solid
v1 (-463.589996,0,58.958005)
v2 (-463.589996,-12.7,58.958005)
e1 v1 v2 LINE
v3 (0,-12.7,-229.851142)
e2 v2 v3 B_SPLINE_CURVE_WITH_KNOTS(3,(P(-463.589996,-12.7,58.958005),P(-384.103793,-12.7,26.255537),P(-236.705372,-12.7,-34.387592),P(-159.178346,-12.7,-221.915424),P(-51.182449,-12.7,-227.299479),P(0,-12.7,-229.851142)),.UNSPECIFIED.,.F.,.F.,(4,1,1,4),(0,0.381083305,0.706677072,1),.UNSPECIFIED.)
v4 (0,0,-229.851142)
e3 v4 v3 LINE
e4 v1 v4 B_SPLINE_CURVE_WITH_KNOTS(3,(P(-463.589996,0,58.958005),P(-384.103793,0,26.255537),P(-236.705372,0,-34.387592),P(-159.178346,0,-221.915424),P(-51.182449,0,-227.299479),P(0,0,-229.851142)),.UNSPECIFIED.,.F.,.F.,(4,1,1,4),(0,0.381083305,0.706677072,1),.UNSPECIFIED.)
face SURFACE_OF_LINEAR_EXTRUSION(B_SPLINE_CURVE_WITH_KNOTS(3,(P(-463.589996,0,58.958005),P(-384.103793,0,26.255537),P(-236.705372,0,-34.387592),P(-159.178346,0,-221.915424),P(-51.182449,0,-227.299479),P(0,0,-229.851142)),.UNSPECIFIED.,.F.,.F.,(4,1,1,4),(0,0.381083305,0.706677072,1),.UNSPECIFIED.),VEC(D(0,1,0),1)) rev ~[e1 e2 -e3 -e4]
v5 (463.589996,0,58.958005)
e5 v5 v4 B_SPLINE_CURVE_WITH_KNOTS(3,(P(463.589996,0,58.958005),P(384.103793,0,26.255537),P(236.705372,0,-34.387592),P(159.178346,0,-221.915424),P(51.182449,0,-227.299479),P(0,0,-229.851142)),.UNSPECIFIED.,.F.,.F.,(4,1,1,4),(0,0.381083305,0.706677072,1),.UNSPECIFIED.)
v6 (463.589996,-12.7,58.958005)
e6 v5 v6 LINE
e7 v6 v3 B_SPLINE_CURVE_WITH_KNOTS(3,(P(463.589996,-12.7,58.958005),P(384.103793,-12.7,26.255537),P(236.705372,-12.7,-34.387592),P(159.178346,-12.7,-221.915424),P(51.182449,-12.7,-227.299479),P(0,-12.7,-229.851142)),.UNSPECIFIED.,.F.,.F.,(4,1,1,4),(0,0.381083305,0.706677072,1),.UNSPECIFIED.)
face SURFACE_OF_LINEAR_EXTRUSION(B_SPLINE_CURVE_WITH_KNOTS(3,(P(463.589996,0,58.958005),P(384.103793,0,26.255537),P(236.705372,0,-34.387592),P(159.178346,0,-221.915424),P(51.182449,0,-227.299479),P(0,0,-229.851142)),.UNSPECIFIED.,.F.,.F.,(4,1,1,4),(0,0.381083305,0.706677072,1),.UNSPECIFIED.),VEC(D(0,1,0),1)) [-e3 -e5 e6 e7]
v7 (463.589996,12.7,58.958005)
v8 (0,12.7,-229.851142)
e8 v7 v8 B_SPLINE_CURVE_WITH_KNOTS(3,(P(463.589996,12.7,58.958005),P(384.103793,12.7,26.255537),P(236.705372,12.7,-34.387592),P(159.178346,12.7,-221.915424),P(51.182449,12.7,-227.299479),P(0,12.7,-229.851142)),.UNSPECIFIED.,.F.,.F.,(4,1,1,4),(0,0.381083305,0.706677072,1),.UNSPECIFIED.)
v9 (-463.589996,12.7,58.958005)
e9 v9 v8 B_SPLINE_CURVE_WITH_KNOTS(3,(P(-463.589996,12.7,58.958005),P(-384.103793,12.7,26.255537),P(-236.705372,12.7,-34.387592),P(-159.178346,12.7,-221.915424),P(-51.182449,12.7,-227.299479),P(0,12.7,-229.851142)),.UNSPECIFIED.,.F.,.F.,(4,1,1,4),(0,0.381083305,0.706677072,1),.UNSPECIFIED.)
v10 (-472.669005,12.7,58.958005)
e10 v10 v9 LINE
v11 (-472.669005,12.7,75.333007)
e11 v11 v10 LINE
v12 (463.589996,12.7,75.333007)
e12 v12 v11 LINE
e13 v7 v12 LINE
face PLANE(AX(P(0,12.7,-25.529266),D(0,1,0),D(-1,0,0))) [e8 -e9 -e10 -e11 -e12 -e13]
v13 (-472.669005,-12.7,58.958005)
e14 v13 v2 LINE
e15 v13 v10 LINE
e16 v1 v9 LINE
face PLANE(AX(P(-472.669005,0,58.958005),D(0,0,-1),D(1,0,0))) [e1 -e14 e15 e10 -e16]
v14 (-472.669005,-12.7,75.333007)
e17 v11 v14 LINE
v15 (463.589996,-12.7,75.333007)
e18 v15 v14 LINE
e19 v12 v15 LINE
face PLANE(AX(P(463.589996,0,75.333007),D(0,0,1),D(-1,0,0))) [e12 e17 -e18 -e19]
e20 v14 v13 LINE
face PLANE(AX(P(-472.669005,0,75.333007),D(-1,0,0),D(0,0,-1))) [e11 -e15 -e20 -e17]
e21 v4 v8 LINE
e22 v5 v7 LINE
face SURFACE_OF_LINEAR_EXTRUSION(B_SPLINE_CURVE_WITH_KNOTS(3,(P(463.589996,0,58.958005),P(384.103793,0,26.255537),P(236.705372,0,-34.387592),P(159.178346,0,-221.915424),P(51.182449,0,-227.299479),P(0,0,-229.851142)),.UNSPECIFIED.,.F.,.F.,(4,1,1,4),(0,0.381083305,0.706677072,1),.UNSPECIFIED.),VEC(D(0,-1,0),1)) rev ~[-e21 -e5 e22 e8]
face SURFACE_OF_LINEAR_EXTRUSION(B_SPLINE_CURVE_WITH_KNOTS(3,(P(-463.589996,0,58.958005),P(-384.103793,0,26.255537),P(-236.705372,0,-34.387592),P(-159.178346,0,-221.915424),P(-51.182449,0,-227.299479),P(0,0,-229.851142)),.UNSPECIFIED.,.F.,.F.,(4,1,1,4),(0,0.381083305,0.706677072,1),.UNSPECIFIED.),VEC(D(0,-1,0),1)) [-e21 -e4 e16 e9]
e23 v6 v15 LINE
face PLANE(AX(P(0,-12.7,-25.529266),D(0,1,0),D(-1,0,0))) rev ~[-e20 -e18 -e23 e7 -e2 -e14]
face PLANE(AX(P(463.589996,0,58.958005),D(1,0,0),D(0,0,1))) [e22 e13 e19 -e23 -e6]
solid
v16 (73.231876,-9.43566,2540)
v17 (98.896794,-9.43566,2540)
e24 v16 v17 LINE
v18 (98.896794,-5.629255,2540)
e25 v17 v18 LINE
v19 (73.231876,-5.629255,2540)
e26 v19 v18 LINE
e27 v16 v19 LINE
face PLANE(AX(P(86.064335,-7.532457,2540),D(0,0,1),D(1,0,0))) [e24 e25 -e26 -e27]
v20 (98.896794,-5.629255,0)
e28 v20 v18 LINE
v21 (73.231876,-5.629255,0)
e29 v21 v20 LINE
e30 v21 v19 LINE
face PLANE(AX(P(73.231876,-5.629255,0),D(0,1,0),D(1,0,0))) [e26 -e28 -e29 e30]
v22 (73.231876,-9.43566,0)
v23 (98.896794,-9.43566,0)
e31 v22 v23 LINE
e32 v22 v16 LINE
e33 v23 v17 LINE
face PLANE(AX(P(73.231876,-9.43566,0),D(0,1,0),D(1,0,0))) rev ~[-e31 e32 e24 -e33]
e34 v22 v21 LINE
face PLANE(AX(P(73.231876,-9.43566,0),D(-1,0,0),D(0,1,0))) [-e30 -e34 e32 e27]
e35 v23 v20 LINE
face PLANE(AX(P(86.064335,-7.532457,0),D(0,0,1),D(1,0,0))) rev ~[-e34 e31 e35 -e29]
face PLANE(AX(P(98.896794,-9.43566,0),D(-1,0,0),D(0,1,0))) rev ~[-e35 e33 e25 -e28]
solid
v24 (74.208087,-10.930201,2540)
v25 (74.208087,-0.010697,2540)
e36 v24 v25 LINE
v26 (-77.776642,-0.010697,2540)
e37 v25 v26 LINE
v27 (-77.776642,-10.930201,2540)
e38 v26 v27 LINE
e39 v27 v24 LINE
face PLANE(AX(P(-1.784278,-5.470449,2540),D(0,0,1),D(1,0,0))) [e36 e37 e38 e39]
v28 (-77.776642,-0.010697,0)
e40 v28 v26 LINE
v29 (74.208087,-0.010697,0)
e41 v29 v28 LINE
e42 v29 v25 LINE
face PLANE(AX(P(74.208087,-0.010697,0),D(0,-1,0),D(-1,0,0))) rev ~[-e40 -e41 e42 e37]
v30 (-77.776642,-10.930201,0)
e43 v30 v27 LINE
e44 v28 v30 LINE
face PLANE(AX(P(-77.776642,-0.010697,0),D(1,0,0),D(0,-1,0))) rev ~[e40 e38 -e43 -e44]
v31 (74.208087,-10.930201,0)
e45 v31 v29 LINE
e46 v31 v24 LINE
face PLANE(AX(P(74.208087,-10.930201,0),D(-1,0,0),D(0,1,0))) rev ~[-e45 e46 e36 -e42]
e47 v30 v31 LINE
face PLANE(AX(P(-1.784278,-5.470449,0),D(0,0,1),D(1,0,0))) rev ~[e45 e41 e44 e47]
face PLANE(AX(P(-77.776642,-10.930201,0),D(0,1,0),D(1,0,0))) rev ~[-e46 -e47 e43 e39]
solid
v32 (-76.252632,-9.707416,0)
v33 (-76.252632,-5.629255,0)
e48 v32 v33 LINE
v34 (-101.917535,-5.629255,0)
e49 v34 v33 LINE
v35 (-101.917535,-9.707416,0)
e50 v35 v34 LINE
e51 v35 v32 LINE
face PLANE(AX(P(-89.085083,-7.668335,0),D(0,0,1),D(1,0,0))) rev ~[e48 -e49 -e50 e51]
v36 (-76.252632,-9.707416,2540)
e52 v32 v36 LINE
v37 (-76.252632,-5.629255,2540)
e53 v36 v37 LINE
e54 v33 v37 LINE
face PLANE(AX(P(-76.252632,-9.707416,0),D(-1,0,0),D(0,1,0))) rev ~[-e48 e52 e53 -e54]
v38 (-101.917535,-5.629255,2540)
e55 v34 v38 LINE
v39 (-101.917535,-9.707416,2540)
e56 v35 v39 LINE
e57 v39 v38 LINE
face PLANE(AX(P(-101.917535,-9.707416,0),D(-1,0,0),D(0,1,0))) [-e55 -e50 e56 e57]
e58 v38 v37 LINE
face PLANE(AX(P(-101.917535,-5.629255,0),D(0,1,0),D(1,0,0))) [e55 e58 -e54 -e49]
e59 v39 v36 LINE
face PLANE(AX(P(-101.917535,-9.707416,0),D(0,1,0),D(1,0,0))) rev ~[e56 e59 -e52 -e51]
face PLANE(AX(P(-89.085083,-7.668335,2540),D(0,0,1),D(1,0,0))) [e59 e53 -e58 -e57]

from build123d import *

# Parameters (mm, degrees)
F1_DEPTH = 2540
F3_DEPTH = 12.7
F4_W     = 25.6649032235
F4_H     = 4.0781614371
F5_DEPTH = 2540
F4_W_2   = 25.6649181247
F4_H_2   = 3.8064057007


with BuildPart() as f1:
    # F0 (on Top) → F1 (new body)
    with BuildSketch(Plane.XY):
        Polygon((74.2080868222, -0.0106971711), (-77.7766420506, -0.0106971711), (-77.7766420506, -3.479225561), (-77.7766420506, -10.9302010387), (74.2080868222, -10.9302010387), (74.2080868222, -3.479225561), align=None)
    extrude(amount=F1_DEPTH)


with BuildPart() as f3:
    # F2 (on Front) → F3 (new body, symmetric)
    with BuildSketch(Plane.XZ):
        with BuildLine():
            add(Edge.make_bspline(
                [(463.5899960995, 58.9580051601), (384.1037928263, 26.2555374725), (236.7053720041, -34.3875917202), (159.1783455408, -221.9154242441), (51.1824494287, -227.2994788478), (0, -229.851141572)],
                knots=[0, 0, 0, 0, 0.3810833054, 0.7066770724, 1, 1, 1, 1], degree=3))
            Line((463.5899960995, 58.9580051601), (-463.5899960995, 58.9580051601))
            add(Edge.make_bspline(
                [(-463.5899960995, 58.9580051601), (-384.1037928263, 26.2555374725), (-236.7053720041, -34.3875917202), (-159.1783455408, -221.9154242441), (-51.1824494287, -227.2994788478), (0, -229.851141572)],
                knots=[0, 0, 0, 0, 0.3810833054, 0.7066770724, 1, 1, 1, 1], degree=3))
        make_face()
        Polygon((-463.5899960995, 58.9580051601), (463.5899960995, 58.9580051601), (463.5899960995, 74.7133120894), (463.5899960995, 75.33300668), (-472.669005394, 75.33300668), (-472.669005394, 58.9580051601), align=None)
    extrude(amount=F3_DEPTH, both=True)


with BuildPart() as f5:
    # F4 (on Top) → F5 (new body)
    with BuildSketch(Plane.XY):
        with Locations((-89.0850834548, -7.6683352236)):
            Rectangle(F4_W, F4_H)
    extrude(amount=F5_DEPTH)


with BuildPart() as f5b:
    # F4 (on Top) → F5, piece 2 (new body)
    with BuildSketch(Plane.XY):
        with Locations((86.0643349588, -7.5324573554)):
            Rectangle(F4_W_2, F4_H_2)
    extrude(amount=F5_DEPTH)


solid = Compound([f1.part, f3.part, f5.part, f5b.part])
